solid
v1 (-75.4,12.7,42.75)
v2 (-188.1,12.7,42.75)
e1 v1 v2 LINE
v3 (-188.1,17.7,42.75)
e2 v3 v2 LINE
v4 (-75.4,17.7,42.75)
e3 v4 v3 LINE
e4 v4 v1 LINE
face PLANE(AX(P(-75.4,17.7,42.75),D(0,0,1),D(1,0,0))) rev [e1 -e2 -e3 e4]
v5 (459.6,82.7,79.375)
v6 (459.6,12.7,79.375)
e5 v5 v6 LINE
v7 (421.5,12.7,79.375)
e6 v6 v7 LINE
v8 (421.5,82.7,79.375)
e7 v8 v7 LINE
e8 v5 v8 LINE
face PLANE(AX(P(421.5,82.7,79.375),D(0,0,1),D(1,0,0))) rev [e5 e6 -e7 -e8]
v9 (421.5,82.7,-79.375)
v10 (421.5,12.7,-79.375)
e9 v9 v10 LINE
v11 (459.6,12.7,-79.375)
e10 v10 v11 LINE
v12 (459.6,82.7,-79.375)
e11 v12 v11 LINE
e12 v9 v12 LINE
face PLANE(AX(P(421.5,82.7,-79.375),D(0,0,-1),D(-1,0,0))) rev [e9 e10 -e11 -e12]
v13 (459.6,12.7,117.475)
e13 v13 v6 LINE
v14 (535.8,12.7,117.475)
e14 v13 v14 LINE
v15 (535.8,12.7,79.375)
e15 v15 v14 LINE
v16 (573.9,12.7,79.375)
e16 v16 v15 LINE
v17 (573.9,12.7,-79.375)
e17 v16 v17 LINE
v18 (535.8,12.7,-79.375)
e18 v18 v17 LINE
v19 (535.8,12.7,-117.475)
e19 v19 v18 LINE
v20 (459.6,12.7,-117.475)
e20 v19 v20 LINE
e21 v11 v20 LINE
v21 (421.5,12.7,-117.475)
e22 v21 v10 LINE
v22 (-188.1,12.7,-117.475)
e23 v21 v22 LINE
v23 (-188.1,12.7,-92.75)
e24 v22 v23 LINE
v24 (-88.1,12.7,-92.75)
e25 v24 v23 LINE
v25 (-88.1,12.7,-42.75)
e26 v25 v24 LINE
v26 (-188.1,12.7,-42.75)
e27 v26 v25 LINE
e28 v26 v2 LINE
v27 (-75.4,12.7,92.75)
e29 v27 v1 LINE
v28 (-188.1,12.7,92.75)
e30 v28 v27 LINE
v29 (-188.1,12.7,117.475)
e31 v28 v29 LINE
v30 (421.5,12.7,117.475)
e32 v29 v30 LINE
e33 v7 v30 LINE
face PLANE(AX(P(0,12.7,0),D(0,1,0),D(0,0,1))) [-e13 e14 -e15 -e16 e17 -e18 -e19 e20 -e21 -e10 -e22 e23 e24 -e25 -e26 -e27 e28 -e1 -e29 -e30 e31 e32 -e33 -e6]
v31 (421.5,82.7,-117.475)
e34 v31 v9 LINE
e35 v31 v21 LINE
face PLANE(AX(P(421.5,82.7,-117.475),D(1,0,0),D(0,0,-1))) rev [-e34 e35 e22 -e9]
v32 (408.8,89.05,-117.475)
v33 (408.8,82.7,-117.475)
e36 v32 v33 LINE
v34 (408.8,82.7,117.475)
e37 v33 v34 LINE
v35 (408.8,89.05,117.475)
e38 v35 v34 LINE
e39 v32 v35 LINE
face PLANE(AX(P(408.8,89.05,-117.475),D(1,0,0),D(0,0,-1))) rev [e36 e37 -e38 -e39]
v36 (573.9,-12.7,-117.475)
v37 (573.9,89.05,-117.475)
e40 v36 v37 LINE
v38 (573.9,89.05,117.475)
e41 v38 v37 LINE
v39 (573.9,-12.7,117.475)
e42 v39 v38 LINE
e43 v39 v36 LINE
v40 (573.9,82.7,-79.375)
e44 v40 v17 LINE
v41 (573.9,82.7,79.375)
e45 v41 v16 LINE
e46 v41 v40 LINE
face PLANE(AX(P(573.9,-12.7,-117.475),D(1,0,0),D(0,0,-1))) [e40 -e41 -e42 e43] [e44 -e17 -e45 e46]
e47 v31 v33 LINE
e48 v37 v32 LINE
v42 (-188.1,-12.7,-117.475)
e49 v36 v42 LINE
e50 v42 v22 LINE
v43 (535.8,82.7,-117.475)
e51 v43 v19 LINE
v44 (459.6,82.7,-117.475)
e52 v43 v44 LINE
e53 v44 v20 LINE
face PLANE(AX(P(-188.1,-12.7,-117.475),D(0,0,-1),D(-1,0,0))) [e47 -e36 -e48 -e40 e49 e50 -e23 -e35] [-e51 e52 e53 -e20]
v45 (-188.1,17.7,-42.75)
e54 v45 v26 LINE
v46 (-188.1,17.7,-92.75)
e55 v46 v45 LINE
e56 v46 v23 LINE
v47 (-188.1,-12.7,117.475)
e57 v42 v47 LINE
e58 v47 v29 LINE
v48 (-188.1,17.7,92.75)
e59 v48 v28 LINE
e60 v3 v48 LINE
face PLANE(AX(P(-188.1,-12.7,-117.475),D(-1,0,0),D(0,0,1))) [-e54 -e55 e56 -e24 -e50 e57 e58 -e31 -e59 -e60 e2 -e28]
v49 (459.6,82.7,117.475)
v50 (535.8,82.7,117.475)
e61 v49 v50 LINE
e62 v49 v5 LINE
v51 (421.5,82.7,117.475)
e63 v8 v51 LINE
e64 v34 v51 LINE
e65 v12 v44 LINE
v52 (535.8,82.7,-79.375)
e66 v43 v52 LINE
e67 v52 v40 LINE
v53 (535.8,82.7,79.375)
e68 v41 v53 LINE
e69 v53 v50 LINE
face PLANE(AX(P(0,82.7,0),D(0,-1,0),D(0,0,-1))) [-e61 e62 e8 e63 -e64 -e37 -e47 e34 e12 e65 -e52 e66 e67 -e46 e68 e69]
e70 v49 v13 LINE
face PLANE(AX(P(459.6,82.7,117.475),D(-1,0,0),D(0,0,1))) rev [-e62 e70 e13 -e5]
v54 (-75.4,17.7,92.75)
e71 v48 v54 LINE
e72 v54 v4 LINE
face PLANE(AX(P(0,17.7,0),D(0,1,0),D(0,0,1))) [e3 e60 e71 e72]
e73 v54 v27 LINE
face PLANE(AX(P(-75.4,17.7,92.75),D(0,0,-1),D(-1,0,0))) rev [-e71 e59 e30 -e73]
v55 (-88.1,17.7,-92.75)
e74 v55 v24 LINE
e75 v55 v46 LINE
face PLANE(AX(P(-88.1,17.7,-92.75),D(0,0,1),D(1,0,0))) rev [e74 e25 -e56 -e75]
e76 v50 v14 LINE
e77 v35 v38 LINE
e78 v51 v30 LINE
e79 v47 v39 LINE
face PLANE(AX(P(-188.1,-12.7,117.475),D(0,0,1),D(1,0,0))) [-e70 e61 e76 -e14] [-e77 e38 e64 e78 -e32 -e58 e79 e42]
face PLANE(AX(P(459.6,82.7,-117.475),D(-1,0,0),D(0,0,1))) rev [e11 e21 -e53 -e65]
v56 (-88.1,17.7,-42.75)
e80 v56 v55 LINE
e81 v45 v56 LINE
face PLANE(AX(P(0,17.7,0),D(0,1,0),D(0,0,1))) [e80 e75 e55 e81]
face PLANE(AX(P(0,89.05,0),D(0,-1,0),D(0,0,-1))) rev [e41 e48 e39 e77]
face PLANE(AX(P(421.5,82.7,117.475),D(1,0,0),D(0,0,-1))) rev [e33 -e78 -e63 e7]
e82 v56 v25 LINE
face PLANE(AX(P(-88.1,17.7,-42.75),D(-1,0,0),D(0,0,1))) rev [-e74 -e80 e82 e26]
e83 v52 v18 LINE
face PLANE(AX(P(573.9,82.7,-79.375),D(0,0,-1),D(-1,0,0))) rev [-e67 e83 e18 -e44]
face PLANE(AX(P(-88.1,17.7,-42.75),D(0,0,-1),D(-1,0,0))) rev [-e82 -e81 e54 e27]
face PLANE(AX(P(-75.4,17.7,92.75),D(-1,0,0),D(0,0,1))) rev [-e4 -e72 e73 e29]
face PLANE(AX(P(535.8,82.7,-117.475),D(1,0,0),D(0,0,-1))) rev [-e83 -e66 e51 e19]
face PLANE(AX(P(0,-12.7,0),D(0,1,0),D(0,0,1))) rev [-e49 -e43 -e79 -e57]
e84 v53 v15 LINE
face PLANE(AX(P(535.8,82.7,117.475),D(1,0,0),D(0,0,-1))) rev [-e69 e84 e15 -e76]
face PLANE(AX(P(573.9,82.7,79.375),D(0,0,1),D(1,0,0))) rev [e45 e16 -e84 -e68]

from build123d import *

# Parameters (mm, degrees)
SKETCH1_W           = 762
SKETCH1_H           = 234.95
BOSS_EXTRUDE1_DEPTH = 12.7
SKETCH2_W           = 38.1
SKETCH2_H           = 38.1
BOSS_EXTRUDE2_DEPTH = 70
SKETCH3_W           = 165.1
SKETCH3_H           = 234.95
BOSS_EXTRUDE3_DEPTH = 6.35
SKETCH4_W           = 100
SKETCH4_H           = 50
SKETCH4_W_2         = 112.7
BOSS_EXTRUDE4_DEPTH = 5


with BuildPart() as part:
    # Sketch1 → Boss-Extrude1 (new body, symmetric)
    with BuildSketch(Plane(origin=(0, 0, 0), x_dir=(1, 0, 0), z_dir=(0, 1, 0))):
        with Locations((192.9, 0)):
            Rectangle(SKETCH1_W, SKETCH1_H)
    extrude(amount=BOSS_EXTRUDE1_DEPTH, both=True)

    # Sketch2 → Boss-Extrude2 (add)
    with BuildSketch(Plane(origin=(0, 12.7, 0), x_dir=(1, 0, 0), z_dir=(0, 1, 0))):
        with Locations((554.85, 98.425)):
            Rectangle(SKETCH2_W, SKETCH2_H)
        with Locations((554.85, -98.425)):
            Rectangle(SKETCH2_W, SKETCH2_H)
        with Locations((440.55, -98.425)):
            Rectangle(SKETCH2_W, SKETCH2_H)
        with Locations((440.55, 98.425)):
            Rectangle(SKETCH2_W, SKETCH2_H)
    extrude(amount=BOSS_EXTRUDE2_DEPTH)

    # Sketch3 → Boss-Extrude3 (add)
    with BuildSketch(Plane(origin=(0, 82.7, 0), x_dir=(1, 0, 0), z_dir=(0, 1, 0))):
        with Locations((491.35, 0)):
            Rectangle(SKETCH3_W, SKETCH3_H)
    extrude(amount=BOSS_EXTRUDE3_DEPTH)

    # Sketch4 → Boss-Extrude4 (add)
    with BuildSketch(Plane(origin=(0, 12.7, 0), x_dir=(1, 0, 0), z_dir=(0, 1, 0))):
        with Locations((-138.1, 67.75)):
            Rectangle(SKETCH4_W, SKETCH4_H)
        with Locations((-131.75, -67.75)):
            Rectangle(SKETCH4_W_2, SKETCH4_H)
    extrude(amount=BOSS_EXTRUDE4_DEPTH)


solid = part.part
